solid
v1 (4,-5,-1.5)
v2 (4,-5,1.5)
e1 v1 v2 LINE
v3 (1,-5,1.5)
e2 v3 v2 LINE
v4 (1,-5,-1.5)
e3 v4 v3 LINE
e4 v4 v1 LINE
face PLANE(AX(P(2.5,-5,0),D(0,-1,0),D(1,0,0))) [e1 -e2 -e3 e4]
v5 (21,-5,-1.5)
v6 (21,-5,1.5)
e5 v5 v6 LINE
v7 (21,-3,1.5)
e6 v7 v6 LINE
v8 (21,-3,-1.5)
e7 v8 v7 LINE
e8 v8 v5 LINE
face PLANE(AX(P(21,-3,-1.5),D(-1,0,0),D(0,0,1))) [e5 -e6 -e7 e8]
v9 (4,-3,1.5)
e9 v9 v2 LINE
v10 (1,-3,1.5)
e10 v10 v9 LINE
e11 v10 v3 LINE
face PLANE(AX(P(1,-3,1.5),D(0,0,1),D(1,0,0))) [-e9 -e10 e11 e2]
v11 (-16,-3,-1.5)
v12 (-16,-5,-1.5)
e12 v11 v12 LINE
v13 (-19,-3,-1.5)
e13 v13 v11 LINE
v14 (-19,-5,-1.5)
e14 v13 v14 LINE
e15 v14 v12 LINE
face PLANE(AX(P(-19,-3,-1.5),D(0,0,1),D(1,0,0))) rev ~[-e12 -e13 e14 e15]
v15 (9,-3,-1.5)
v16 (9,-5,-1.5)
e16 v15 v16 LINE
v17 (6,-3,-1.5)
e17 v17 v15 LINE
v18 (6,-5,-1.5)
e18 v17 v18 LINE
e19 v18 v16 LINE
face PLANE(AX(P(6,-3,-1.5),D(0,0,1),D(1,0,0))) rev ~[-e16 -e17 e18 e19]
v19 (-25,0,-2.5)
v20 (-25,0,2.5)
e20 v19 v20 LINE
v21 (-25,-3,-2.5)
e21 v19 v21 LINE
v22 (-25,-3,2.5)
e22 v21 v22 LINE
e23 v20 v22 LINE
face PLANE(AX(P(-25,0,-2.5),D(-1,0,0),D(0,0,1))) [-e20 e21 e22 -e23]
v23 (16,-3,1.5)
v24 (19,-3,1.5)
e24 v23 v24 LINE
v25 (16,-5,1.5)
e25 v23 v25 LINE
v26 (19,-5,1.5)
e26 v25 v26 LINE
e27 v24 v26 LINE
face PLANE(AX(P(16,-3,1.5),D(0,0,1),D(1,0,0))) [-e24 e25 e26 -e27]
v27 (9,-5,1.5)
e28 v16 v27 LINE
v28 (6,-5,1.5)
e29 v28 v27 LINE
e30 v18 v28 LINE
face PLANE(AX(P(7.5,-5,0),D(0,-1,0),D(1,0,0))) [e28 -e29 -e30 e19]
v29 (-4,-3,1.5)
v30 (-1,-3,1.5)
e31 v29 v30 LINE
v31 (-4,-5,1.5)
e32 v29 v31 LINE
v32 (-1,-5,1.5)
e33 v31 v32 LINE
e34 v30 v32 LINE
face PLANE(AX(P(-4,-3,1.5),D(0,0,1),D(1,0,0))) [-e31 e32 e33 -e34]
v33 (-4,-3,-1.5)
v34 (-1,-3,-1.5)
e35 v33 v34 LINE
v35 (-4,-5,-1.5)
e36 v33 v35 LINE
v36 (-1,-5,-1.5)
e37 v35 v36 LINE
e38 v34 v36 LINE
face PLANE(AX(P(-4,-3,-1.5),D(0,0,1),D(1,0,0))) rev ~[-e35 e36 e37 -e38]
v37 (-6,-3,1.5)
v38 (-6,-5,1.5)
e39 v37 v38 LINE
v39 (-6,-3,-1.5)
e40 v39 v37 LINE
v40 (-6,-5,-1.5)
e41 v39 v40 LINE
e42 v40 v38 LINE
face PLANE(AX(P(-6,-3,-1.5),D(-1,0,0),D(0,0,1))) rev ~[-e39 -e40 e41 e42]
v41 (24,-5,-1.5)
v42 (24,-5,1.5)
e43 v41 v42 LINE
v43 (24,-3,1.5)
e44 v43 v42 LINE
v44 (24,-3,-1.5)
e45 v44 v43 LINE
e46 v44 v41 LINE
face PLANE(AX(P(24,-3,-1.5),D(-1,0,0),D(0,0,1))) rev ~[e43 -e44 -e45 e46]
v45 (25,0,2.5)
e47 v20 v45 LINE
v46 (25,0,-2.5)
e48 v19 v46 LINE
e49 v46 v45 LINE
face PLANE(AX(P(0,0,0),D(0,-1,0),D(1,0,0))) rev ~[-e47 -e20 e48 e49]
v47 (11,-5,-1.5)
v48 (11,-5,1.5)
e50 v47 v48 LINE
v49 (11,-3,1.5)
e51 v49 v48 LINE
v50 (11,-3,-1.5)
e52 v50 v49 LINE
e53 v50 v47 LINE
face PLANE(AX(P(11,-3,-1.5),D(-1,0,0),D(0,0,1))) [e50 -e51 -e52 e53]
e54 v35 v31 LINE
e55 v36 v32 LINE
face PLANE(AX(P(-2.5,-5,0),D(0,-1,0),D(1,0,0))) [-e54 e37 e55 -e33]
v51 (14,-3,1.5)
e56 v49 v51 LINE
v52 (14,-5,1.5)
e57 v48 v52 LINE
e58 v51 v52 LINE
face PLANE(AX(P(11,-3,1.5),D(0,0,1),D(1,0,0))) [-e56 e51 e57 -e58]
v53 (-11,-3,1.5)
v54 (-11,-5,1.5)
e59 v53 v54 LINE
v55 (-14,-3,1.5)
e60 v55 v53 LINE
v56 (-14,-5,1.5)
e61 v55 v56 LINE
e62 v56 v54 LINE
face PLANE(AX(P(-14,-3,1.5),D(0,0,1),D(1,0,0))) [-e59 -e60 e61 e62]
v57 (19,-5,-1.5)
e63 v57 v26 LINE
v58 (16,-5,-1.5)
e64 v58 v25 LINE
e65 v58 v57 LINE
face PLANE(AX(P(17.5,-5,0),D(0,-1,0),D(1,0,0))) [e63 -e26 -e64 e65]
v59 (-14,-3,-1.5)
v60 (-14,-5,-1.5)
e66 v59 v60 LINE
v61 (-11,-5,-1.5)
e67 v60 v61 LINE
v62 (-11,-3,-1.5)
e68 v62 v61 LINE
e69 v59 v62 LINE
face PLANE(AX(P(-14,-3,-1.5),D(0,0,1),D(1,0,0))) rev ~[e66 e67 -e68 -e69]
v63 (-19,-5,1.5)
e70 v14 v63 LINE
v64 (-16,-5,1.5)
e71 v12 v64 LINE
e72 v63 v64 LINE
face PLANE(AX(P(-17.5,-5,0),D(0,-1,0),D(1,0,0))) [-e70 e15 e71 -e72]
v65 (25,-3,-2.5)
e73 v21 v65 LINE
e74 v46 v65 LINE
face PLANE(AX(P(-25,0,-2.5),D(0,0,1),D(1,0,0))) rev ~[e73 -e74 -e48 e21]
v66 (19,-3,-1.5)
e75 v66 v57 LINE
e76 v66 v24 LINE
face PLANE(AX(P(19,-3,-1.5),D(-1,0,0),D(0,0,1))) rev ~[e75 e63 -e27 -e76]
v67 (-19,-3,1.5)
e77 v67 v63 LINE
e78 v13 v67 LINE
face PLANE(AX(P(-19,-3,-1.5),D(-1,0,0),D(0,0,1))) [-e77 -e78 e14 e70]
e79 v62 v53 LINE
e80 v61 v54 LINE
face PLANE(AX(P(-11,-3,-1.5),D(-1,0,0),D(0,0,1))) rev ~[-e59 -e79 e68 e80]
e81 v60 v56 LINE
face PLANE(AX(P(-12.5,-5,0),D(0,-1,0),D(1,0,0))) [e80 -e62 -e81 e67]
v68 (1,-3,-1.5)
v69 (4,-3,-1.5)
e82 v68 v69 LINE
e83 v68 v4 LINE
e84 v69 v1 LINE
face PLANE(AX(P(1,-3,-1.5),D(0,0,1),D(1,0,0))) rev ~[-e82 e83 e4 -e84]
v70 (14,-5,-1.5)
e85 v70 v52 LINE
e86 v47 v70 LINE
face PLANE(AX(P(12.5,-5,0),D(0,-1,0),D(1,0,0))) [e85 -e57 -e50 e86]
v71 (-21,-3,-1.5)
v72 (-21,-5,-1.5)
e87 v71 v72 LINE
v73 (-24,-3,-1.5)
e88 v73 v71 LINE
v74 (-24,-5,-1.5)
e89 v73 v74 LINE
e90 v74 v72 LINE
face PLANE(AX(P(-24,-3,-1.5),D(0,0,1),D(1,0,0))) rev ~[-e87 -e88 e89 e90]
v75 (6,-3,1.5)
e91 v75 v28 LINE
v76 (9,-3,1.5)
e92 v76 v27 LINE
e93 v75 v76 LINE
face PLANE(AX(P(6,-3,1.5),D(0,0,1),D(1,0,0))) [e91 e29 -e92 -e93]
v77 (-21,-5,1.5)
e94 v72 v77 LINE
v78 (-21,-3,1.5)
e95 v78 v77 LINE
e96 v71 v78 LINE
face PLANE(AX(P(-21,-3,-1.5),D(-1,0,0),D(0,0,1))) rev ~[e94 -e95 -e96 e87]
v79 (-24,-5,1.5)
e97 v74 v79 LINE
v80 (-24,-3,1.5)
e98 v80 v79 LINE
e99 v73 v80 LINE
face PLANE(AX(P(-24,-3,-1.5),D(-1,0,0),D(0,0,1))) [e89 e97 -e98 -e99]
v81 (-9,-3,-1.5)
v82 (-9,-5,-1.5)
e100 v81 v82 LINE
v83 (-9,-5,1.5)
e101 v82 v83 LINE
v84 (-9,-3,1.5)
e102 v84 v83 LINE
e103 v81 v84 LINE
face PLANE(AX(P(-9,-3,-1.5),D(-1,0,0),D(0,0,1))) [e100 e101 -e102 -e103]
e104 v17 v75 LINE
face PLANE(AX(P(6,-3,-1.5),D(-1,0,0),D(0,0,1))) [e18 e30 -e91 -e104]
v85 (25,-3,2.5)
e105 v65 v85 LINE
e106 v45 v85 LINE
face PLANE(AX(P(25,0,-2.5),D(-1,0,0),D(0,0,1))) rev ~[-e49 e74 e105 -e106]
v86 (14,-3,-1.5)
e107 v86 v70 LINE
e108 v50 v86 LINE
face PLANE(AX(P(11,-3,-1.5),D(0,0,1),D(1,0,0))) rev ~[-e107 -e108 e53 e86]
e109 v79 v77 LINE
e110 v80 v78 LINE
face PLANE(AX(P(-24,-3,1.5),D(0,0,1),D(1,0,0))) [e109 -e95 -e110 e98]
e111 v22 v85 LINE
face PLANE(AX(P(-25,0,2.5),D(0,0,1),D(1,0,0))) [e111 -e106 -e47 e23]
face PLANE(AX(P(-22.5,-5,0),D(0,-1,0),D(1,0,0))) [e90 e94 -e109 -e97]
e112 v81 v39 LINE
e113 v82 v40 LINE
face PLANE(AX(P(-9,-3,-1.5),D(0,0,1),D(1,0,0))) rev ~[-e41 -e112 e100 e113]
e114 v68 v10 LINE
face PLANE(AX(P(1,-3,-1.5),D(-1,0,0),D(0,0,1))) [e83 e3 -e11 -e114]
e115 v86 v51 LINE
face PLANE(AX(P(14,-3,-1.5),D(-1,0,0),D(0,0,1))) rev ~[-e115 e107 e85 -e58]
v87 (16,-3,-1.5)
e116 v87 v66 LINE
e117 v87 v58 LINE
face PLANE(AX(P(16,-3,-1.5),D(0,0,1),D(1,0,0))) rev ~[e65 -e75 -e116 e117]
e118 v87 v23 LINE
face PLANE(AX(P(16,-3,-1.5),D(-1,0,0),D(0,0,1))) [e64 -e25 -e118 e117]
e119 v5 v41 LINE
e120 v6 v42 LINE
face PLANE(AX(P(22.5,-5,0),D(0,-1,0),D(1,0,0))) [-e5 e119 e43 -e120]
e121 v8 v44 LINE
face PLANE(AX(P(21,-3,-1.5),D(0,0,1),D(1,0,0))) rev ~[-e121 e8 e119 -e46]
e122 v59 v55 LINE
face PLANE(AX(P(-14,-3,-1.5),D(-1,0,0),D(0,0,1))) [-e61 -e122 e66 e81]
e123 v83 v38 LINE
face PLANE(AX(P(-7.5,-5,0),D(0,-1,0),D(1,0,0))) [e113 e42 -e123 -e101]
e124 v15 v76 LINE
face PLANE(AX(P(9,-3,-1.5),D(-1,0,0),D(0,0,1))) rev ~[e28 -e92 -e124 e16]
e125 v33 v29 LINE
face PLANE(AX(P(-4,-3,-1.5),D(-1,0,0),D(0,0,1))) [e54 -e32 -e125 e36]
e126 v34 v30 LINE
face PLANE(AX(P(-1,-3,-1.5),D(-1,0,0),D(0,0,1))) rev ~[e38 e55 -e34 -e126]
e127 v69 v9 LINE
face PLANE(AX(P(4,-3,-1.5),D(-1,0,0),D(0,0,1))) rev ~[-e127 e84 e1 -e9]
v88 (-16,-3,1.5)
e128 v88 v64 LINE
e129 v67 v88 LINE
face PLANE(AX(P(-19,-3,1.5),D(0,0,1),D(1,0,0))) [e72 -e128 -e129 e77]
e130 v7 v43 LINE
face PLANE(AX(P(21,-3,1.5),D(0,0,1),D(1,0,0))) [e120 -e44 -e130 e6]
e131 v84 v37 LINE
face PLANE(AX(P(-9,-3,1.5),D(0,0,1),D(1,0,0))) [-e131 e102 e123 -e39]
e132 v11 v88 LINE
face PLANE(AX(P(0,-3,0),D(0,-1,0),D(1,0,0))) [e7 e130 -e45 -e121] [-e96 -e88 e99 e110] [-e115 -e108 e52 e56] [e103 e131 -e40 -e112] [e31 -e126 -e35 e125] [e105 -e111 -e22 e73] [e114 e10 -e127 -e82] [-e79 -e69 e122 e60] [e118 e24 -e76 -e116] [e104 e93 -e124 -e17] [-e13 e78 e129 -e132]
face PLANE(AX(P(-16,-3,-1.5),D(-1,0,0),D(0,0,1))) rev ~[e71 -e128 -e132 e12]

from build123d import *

# Parameters (mm, degrees)
F0_W     = 50
F0_H     = 5
F1_DEPTH = 3
F2_W     = 3
F2_H     = 3
F3_DEPTH = 2


with BuildPart() as f1:
    # F0 (on Front) → F1 (new body)
    with BuildSketch(Plane.XZ):
        Rectangle(F0_W, F0_H)
    extrude(amount=F1_DEPTH)

    # F2 (on face) → F3 (join)
    with BuildSketch(Plane.XZ.offset(3)):
        with Locations((-22.5, 0)):
            Rectangle(F2_W, F2_H)
        with Locations((-17.5, 0)):
            Rectangle(F2_W, F2_H)
        with Locations((-12.5, 0)):
            Rectangle(F2_W, F2_H)
        with Locations((-7.5, 0)):
            Rectangle(F2_W, F2_H)
        with Locations((-2.5, 0)):
            Rectangle(F2_W, F2_H)
        with Locations((2.5, 0)):
            Rectangle(F2_W, F2_H)
        with Locations((7.5, 0)):
            Rectangle(F2_W, F2_H)
        with Locations((12.5, 0)):
            Rectangle(F2_W, F2_H)
        with Locations((17.5, 0)):
            Rectangle(F2_W, F2_H)
        with Locations((22.5, 0)):
            Rectangle(F2_W, F2_H)
    extrude(amount=F3_DEPTH)


solid = f1.part
